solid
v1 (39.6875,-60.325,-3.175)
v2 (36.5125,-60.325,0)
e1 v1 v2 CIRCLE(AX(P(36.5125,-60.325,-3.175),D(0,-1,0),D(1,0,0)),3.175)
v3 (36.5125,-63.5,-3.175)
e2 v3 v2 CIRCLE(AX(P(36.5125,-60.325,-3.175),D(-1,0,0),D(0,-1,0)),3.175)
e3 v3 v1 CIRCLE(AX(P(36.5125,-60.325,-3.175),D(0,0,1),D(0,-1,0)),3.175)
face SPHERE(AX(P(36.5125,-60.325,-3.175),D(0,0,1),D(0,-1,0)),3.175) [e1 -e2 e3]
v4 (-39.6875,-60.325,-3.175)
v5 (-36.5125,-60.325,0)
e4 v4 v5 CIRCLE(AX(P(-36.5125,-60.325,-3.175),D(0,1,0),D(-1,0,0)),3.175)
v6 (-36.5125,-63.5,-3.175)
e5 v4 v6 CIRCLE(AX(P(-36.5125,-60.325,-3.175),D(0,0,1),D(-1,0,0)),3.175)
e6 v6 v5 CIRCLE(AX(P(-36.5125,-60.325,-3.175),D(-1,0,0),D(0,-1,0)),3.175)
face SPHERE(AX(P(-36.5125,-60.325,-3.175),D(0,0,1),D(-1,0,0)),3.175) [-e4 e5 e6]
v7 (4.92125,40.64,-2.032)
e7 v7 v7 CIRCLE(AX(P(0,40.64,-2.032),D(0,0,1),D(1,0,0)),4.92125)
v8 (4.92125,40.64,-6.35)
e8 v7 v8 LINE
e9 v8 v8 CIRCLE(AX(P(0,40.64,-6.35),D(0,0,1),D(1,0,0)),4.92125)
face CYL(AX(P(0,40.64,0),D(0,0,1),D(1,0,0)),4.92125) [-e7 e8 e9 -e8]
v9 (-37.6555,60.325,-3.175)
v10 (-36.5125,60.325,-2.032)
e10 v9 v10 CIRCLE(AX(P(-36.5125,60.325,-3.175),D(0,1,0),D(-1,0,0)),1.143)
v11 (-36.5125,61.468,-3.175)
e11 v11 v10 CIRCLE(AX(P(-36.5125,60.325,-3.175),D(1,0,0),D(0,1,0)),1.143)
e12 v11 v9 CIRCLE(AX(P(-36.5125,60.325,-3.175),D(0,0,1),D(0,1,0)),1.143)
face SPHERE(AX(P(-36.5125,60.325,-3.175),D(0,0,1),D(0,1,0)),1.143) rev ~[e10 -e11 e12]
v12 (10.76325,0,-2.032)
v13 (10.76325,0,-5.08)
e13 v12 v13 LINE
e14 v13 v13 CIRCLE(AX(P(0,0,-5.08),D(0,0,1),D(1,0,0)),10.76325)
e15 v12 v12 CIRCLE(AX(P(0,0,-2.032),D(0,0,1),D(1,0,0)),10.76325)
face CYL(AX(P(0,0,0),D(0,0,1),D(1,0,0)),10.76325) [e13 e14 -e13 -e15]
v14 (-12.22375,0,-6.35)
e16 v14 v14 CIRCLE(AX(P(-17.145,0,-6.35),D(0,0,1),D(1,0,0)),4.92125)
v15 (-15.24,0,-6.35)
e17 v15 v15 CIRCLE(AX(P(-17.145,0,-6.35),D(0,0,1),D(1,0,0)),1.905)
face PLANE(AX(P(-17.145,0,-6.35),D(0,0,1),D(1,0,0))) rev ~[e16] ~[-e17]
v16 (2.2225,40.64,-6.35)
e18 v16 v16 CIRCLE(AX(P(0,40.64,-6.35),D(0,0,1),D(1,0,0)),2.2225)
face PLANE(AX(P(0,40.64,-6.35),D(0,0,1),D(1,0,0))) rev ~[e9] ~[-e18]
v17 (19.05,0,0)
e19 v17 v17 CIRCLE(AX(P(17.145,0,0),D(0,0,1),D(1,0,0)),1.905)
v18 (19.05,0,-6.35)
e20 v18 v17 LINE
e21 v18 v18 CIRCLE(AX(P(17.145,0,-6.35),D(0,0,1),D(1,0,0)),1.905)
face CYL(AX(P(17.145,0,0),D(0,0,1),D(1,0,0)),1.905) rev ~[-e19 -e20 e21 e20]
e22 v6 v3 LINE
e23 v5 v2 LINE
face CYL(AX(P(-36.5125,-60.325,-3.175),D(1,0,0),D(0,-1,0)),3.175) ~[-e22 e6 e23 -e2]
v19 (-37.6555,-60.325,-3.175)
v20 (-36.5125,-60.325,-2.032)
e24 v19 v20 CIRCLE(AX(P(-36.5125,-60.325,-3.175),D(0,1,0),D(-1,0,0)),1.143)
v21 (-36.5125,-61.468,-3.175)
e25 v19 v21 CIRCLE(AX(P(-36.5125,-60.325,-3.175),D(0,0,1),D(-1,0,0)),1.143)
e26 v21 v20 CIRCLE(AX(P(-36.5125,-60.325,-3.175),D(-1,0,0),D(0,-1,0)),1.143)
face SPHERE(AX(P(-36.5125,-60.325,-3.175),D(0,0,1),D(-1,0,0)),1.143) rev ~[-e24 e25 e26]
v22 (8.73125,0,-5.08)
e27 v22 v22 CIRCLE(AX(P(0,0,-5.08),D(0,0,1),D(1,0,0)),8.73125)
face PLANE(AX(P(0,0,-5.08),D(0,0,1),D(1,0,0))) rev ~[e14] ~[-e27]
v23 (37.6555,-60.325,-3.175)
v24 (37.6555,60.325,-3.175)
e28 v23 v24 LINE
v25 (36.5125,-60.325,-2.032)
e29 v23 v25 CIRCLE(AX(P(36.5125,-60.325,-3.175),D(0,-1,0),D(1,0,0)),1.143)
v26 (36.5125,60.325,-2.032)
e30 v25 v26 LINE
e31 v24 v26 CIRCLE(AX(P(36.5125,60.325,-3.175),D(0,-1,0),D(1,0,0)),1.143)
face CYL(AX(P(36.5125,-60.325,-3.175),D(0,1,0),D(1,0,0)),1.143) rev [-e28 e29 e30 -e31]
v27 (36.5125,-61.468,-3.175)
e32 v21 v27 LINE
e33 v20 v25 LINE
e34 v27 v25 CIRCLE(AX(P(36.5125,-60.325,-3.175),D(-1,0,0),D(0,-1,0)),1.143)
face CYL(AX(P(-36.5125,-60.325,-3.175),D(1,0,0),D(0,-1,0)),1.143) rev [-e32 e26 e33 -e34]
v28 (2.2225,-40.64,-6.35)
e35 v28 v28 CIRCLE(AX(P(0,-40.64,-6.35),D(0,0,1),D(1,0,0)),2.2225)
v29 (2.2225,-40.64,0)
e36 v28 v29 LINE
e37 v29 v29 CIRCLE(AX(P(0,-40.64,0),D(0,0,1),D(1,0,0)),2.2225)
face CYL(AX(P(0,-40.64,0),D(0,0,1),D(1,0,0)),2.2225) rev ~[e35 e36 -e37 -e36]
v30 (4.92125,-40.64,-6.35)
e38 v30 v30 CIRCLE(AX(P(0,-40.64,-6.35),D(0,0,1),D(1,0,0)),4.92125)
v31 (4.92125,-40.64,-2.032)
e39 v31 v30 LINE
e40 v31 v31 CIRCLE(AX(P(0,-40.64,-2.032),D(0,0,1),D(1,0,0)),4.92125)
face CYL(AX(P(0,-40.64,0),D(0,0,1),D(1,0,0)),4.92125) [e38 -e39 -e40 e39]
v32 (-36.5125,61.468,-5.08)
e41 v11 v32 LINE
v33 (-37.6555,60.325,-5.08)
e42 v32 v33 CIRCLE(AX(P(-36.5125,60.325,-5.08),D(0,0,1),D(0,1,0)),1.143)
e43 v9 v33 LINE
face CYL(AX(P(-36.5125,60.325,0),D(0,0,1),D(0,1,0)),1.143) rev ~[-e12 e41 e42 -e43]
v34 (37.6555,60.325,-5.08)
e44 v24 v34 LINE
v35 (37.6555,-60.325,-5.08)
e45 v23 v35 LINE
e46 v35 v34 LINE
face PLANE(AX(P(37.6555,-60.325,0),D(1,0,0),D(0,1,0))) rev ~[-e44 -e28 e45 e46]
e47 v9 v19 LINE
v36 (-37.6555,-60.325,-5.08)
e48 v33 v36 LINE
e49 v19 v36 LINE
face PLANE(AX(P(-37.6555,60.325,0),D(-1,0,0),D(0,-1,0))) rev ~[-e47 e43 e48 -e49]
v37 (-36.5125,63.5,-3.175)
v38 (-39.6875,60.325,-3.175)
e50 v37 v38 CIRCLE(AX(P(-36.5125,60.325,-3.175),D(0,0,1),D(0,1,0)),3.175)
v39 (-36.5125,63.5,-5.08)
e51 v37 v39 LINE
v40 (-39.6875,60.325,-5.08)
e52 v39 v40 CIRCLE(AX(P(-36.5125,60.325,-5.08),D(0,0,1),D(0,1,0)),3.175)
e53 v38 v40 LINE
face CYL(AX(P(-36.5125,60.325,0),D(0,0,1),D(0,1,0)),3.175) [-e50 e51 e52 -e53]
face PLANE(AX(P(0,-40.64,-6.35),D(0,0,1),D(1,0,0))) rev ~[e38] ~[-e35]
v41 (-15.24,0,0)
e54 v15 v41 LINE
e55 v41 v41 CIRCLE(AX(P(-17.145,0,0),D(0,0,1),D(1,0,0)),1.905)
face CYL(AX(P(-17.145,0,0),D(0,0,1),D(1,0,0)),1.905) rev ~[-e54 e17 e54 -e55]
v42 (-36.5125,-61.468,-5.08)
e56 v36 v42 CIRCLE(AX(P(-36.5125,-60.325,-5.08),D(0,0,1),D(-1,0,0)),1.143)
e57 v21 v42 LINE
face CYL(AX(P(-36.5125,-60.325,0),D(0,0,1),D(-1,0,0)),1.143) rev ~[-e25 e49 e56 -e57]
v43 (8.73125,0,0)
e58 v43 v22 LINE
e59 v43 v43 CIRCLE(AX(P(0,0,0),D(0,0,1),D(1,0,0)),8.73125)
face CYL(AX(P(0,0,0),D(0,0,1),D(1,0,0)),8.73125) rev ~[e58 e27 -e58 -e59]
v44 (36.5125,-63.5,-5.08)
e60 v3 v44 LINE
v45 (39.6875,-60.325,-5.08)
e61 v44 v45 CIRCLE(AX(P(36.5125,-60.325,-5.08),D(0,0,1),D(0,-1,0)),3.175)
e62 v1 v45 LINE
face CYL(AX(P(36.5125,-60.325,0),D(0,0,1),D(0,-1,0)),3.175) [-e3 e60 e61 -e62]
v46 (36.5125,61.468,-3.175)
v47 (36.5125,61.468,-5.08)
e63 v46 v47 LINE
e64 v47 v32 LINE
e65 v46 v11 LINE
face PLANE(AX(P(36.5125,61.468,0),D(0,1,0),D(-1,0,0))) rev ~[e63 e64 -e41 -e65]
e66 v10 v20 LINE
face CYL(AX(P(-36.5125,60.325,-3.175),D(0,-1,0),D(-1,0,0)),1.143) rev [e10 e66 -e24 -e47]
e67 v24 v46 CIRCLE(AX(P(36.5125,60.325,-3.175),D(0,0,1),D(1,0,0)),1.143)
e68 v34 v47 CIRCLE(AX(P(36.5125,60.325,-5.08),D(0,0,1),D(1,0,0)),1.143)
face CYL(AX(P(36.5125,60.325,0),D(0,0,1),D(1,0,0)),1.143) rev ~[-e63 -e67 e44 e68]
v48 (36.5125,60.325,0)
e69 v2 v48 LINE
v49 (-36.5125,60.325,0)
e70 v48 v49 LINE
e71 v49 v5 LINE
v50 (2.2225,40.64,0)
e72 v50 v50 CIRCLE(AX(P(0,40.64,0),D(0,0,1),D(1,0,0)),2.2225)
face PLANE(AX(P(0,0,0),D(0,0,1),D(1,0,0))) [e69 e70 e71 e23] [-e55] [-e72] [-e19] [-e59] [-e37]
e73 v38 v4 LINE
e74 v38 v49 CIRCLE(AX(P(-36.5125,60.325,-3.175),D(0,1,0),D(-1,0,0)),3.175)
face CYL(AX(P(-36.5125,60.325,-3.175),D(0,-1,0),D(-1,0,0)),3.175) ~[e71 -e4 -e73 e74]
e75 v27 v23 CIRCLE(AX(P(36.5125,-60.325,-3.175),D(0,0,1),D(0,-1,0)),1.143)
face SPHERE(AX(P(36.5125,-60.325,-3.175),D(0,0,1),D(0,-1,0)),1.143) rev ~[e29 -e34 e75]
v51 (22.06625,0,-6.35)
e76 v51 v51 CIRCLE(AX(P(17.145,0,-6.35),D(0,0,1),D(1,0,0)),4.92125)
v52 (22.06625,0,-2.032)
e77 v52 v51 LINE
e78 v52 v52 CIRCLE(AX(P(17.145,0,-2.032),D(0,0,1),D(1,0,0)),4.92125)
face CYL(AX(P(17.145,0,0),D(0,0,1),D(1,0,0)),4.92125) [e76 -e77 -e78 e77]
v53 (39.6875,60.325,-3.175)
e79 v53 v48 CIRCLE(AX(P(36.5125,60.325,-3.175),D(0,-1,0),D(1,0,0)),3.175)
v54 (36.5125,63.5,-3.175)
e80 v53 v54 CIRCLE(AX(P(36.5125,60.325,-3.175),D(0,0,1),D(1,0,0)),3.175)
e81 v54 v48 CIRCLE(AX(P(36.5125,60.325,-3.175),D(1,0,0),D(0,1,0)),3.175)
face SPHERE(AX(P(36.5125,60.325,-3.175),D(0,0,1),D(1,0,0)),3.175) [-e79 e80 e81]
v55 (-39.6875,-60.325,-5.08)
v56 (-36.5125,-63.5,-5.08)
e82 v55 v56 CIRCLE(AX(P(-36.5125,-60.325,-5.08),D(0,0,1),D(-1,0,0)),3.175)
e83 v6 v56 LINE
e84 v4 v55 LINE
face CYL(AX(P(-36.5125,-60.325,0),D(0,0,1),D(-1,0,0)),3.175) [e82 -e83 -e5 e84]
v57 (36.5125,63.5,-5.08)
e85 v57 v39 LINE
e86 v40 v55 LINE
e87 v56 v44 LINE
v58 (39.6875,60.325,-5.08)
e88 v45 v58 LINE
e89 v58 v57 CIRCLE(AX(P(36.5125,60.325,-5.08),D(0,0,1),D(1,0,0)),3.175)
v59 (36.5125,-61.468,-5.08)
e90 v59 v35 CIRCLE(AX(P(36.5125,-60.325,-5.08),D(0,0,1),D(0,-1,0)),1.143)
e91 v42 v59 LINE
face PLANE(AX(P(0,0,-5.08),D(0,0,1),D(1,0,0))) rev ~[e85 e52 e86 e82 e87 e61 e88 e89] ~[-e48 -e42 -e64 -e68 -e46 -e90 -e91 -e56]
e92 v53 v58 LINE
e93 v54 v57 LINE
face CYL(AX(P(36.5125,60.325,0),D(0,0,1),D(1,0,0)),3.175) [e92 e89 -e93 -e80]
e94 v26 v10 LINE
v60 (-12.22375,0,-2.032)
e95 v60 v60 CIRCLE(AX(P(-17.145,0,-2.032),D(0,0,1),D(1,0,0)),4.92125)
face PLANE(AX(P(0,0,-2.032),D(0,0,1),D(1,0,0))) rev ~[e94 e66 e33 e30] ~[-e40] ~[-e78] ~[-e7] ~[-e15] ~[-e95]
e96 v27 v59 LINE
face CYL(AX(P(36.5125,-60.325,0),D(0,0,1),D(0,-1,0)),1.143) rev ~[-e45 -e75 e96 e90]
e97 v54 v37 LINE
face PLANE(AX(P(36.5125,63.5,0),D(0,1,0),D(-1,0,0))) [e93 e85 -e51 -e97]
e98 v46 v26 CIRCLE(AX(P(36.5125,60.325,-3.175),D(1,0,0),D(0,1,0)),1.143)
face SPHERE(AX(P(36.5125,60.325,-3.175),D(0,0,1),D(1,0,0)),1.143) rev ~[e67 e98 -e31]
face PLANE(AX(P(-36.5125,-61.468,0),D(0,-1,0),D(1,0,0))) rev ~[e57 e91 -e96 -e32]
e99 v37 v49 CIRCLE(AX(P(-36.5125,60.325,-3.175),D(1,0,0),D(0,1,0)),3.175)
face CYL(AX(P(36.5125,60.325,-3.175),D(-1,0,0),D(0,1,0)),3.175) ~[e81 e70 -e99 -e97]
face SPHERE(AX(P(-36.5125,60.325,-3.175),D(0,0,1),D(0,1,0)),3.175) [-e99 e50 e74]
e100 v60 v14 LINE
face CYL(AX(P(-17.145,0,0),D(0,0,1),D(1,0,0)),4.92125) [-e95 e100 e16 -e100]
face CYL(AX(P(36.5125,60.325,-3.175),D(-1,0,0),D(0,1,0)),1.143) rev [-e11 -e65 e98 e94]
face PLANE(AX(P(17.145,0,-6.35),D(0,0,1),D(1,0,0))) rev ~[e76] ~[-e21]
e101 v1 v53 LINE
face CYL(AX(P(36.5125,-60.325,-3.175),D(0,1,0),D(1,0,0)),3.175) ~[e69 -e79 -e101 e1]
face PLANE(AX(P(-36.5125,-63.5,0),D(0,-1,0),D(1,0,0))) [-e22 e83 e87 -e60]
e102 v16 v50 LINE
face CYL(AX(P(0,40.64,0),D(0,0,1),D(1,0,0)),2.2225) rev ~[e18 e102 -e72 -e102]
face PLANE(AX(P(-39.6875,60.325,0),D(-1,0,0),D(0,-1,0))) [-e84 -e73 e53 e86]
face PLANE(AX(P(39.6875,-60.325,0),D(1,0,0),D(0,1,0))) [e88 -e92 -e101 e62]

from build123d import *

# Parameters (mm, degrees)
F0_R     = 2.2225
F0_R_2   = 1.905
F0_R_3   = 8.73125
F1_DEPTH = 5.08
F2_R     = 3.175
F3_T     = -2.032
F4_R     = 4.92125
F4_R_2   = 1.905
F4_R_3   = 2.2225
F5_DEPTH = 6.35


with BuildPart() as f1:
    # F0 (on Top) → F1 (new body)
    with BuildSketch(Plane.XY):
        with BuildLine():
            ThreePointArc((39.6875, 60.325), (38.7575640303, 62.5700640303), (36.5125, 63.5))
            Line((36.5125, 63.5), (-36.5125, 63.5))
            ThreePointArc((-36.5125, 63.5), (-38.7575640303, 62.5700640303), (-39.6875, 60.325))
            Line((-39.6875, 60.325), (-39.6875, -60.325))
            ThreePointArc((-39.6875, -60.325), (-38.7575640303, -62.5700640303), (-36.5125, -63.5))
            Line((-36.5125, -63.5), (36.5125, -63.5))
            ThreePointArc((36.5125, -63.5), (38.7575640303, -62.5700640303), (39.6875, -60.325))
            Line((39.6875, -60.325), (39.6875, 60.325))
        make_face()
        with Locations((0, -40.64)):
            Circle(F0_R, mode=Mode.SUBTRACT)
        with Locations((-17.145, 0)):
            Circle(F0_R_2, mode=Mode.SUBTRACT)
        Circle(F0_R_3, mode=Mode.SUBTRACT)
        with Locations((17.145, 0)):
            Circle(F0_R_2, mode=Mode.SUBTRACT)
        with Locations((0, 40.64)):
            Circle(F0_R, mode=Mode.SUBTRACT)
    extrude(amount=-F1_DEPTH)

    # F2
    f2_edges = [f1.edges().sort_by_distance(p)[0] for p in [
        (0, -63.5, 0),
    ]]
    fillet(f2_edges, radius=F2_R)

    # F3
    f3_openings = [f1.faces().sort_by_distance(p)[0] for p in [
        (38.189855, 0, -5.08),
    ]]
    offset(amount=F3_T, openings=f3_openings)

    # F4 (on face) → F5 (join)
    with BuildSketch(Plane.XY):
        with Locations((-17.145, 0)):
            Circle(F4_R)
        with Locations((-17.145, 0)):
            Circle(F4_R_2, mode=Mode.SUBTRACT)
        with Locations((17.145, 0)):
            Circle(F4_R)
        with Locations((17.145, 0)):
            Circle(F4_R_2, mode=Mode.SUBTRACT)
        with Locations((0, 40.64)):
            Circle(F4_R)
        with Locations((0, 40.64)):
            Circle(F4_R_3, mode=Mode.SUBTRACT)
        with Locations((0, -40.64)):
            Circle(F4_R)
        with Locations((0, -40.64)):
            Circle(F4_R_3, mode=Mode.SUBTRACT)
    extrude(amount=-F5_DEPTH)


solid = f1.part
